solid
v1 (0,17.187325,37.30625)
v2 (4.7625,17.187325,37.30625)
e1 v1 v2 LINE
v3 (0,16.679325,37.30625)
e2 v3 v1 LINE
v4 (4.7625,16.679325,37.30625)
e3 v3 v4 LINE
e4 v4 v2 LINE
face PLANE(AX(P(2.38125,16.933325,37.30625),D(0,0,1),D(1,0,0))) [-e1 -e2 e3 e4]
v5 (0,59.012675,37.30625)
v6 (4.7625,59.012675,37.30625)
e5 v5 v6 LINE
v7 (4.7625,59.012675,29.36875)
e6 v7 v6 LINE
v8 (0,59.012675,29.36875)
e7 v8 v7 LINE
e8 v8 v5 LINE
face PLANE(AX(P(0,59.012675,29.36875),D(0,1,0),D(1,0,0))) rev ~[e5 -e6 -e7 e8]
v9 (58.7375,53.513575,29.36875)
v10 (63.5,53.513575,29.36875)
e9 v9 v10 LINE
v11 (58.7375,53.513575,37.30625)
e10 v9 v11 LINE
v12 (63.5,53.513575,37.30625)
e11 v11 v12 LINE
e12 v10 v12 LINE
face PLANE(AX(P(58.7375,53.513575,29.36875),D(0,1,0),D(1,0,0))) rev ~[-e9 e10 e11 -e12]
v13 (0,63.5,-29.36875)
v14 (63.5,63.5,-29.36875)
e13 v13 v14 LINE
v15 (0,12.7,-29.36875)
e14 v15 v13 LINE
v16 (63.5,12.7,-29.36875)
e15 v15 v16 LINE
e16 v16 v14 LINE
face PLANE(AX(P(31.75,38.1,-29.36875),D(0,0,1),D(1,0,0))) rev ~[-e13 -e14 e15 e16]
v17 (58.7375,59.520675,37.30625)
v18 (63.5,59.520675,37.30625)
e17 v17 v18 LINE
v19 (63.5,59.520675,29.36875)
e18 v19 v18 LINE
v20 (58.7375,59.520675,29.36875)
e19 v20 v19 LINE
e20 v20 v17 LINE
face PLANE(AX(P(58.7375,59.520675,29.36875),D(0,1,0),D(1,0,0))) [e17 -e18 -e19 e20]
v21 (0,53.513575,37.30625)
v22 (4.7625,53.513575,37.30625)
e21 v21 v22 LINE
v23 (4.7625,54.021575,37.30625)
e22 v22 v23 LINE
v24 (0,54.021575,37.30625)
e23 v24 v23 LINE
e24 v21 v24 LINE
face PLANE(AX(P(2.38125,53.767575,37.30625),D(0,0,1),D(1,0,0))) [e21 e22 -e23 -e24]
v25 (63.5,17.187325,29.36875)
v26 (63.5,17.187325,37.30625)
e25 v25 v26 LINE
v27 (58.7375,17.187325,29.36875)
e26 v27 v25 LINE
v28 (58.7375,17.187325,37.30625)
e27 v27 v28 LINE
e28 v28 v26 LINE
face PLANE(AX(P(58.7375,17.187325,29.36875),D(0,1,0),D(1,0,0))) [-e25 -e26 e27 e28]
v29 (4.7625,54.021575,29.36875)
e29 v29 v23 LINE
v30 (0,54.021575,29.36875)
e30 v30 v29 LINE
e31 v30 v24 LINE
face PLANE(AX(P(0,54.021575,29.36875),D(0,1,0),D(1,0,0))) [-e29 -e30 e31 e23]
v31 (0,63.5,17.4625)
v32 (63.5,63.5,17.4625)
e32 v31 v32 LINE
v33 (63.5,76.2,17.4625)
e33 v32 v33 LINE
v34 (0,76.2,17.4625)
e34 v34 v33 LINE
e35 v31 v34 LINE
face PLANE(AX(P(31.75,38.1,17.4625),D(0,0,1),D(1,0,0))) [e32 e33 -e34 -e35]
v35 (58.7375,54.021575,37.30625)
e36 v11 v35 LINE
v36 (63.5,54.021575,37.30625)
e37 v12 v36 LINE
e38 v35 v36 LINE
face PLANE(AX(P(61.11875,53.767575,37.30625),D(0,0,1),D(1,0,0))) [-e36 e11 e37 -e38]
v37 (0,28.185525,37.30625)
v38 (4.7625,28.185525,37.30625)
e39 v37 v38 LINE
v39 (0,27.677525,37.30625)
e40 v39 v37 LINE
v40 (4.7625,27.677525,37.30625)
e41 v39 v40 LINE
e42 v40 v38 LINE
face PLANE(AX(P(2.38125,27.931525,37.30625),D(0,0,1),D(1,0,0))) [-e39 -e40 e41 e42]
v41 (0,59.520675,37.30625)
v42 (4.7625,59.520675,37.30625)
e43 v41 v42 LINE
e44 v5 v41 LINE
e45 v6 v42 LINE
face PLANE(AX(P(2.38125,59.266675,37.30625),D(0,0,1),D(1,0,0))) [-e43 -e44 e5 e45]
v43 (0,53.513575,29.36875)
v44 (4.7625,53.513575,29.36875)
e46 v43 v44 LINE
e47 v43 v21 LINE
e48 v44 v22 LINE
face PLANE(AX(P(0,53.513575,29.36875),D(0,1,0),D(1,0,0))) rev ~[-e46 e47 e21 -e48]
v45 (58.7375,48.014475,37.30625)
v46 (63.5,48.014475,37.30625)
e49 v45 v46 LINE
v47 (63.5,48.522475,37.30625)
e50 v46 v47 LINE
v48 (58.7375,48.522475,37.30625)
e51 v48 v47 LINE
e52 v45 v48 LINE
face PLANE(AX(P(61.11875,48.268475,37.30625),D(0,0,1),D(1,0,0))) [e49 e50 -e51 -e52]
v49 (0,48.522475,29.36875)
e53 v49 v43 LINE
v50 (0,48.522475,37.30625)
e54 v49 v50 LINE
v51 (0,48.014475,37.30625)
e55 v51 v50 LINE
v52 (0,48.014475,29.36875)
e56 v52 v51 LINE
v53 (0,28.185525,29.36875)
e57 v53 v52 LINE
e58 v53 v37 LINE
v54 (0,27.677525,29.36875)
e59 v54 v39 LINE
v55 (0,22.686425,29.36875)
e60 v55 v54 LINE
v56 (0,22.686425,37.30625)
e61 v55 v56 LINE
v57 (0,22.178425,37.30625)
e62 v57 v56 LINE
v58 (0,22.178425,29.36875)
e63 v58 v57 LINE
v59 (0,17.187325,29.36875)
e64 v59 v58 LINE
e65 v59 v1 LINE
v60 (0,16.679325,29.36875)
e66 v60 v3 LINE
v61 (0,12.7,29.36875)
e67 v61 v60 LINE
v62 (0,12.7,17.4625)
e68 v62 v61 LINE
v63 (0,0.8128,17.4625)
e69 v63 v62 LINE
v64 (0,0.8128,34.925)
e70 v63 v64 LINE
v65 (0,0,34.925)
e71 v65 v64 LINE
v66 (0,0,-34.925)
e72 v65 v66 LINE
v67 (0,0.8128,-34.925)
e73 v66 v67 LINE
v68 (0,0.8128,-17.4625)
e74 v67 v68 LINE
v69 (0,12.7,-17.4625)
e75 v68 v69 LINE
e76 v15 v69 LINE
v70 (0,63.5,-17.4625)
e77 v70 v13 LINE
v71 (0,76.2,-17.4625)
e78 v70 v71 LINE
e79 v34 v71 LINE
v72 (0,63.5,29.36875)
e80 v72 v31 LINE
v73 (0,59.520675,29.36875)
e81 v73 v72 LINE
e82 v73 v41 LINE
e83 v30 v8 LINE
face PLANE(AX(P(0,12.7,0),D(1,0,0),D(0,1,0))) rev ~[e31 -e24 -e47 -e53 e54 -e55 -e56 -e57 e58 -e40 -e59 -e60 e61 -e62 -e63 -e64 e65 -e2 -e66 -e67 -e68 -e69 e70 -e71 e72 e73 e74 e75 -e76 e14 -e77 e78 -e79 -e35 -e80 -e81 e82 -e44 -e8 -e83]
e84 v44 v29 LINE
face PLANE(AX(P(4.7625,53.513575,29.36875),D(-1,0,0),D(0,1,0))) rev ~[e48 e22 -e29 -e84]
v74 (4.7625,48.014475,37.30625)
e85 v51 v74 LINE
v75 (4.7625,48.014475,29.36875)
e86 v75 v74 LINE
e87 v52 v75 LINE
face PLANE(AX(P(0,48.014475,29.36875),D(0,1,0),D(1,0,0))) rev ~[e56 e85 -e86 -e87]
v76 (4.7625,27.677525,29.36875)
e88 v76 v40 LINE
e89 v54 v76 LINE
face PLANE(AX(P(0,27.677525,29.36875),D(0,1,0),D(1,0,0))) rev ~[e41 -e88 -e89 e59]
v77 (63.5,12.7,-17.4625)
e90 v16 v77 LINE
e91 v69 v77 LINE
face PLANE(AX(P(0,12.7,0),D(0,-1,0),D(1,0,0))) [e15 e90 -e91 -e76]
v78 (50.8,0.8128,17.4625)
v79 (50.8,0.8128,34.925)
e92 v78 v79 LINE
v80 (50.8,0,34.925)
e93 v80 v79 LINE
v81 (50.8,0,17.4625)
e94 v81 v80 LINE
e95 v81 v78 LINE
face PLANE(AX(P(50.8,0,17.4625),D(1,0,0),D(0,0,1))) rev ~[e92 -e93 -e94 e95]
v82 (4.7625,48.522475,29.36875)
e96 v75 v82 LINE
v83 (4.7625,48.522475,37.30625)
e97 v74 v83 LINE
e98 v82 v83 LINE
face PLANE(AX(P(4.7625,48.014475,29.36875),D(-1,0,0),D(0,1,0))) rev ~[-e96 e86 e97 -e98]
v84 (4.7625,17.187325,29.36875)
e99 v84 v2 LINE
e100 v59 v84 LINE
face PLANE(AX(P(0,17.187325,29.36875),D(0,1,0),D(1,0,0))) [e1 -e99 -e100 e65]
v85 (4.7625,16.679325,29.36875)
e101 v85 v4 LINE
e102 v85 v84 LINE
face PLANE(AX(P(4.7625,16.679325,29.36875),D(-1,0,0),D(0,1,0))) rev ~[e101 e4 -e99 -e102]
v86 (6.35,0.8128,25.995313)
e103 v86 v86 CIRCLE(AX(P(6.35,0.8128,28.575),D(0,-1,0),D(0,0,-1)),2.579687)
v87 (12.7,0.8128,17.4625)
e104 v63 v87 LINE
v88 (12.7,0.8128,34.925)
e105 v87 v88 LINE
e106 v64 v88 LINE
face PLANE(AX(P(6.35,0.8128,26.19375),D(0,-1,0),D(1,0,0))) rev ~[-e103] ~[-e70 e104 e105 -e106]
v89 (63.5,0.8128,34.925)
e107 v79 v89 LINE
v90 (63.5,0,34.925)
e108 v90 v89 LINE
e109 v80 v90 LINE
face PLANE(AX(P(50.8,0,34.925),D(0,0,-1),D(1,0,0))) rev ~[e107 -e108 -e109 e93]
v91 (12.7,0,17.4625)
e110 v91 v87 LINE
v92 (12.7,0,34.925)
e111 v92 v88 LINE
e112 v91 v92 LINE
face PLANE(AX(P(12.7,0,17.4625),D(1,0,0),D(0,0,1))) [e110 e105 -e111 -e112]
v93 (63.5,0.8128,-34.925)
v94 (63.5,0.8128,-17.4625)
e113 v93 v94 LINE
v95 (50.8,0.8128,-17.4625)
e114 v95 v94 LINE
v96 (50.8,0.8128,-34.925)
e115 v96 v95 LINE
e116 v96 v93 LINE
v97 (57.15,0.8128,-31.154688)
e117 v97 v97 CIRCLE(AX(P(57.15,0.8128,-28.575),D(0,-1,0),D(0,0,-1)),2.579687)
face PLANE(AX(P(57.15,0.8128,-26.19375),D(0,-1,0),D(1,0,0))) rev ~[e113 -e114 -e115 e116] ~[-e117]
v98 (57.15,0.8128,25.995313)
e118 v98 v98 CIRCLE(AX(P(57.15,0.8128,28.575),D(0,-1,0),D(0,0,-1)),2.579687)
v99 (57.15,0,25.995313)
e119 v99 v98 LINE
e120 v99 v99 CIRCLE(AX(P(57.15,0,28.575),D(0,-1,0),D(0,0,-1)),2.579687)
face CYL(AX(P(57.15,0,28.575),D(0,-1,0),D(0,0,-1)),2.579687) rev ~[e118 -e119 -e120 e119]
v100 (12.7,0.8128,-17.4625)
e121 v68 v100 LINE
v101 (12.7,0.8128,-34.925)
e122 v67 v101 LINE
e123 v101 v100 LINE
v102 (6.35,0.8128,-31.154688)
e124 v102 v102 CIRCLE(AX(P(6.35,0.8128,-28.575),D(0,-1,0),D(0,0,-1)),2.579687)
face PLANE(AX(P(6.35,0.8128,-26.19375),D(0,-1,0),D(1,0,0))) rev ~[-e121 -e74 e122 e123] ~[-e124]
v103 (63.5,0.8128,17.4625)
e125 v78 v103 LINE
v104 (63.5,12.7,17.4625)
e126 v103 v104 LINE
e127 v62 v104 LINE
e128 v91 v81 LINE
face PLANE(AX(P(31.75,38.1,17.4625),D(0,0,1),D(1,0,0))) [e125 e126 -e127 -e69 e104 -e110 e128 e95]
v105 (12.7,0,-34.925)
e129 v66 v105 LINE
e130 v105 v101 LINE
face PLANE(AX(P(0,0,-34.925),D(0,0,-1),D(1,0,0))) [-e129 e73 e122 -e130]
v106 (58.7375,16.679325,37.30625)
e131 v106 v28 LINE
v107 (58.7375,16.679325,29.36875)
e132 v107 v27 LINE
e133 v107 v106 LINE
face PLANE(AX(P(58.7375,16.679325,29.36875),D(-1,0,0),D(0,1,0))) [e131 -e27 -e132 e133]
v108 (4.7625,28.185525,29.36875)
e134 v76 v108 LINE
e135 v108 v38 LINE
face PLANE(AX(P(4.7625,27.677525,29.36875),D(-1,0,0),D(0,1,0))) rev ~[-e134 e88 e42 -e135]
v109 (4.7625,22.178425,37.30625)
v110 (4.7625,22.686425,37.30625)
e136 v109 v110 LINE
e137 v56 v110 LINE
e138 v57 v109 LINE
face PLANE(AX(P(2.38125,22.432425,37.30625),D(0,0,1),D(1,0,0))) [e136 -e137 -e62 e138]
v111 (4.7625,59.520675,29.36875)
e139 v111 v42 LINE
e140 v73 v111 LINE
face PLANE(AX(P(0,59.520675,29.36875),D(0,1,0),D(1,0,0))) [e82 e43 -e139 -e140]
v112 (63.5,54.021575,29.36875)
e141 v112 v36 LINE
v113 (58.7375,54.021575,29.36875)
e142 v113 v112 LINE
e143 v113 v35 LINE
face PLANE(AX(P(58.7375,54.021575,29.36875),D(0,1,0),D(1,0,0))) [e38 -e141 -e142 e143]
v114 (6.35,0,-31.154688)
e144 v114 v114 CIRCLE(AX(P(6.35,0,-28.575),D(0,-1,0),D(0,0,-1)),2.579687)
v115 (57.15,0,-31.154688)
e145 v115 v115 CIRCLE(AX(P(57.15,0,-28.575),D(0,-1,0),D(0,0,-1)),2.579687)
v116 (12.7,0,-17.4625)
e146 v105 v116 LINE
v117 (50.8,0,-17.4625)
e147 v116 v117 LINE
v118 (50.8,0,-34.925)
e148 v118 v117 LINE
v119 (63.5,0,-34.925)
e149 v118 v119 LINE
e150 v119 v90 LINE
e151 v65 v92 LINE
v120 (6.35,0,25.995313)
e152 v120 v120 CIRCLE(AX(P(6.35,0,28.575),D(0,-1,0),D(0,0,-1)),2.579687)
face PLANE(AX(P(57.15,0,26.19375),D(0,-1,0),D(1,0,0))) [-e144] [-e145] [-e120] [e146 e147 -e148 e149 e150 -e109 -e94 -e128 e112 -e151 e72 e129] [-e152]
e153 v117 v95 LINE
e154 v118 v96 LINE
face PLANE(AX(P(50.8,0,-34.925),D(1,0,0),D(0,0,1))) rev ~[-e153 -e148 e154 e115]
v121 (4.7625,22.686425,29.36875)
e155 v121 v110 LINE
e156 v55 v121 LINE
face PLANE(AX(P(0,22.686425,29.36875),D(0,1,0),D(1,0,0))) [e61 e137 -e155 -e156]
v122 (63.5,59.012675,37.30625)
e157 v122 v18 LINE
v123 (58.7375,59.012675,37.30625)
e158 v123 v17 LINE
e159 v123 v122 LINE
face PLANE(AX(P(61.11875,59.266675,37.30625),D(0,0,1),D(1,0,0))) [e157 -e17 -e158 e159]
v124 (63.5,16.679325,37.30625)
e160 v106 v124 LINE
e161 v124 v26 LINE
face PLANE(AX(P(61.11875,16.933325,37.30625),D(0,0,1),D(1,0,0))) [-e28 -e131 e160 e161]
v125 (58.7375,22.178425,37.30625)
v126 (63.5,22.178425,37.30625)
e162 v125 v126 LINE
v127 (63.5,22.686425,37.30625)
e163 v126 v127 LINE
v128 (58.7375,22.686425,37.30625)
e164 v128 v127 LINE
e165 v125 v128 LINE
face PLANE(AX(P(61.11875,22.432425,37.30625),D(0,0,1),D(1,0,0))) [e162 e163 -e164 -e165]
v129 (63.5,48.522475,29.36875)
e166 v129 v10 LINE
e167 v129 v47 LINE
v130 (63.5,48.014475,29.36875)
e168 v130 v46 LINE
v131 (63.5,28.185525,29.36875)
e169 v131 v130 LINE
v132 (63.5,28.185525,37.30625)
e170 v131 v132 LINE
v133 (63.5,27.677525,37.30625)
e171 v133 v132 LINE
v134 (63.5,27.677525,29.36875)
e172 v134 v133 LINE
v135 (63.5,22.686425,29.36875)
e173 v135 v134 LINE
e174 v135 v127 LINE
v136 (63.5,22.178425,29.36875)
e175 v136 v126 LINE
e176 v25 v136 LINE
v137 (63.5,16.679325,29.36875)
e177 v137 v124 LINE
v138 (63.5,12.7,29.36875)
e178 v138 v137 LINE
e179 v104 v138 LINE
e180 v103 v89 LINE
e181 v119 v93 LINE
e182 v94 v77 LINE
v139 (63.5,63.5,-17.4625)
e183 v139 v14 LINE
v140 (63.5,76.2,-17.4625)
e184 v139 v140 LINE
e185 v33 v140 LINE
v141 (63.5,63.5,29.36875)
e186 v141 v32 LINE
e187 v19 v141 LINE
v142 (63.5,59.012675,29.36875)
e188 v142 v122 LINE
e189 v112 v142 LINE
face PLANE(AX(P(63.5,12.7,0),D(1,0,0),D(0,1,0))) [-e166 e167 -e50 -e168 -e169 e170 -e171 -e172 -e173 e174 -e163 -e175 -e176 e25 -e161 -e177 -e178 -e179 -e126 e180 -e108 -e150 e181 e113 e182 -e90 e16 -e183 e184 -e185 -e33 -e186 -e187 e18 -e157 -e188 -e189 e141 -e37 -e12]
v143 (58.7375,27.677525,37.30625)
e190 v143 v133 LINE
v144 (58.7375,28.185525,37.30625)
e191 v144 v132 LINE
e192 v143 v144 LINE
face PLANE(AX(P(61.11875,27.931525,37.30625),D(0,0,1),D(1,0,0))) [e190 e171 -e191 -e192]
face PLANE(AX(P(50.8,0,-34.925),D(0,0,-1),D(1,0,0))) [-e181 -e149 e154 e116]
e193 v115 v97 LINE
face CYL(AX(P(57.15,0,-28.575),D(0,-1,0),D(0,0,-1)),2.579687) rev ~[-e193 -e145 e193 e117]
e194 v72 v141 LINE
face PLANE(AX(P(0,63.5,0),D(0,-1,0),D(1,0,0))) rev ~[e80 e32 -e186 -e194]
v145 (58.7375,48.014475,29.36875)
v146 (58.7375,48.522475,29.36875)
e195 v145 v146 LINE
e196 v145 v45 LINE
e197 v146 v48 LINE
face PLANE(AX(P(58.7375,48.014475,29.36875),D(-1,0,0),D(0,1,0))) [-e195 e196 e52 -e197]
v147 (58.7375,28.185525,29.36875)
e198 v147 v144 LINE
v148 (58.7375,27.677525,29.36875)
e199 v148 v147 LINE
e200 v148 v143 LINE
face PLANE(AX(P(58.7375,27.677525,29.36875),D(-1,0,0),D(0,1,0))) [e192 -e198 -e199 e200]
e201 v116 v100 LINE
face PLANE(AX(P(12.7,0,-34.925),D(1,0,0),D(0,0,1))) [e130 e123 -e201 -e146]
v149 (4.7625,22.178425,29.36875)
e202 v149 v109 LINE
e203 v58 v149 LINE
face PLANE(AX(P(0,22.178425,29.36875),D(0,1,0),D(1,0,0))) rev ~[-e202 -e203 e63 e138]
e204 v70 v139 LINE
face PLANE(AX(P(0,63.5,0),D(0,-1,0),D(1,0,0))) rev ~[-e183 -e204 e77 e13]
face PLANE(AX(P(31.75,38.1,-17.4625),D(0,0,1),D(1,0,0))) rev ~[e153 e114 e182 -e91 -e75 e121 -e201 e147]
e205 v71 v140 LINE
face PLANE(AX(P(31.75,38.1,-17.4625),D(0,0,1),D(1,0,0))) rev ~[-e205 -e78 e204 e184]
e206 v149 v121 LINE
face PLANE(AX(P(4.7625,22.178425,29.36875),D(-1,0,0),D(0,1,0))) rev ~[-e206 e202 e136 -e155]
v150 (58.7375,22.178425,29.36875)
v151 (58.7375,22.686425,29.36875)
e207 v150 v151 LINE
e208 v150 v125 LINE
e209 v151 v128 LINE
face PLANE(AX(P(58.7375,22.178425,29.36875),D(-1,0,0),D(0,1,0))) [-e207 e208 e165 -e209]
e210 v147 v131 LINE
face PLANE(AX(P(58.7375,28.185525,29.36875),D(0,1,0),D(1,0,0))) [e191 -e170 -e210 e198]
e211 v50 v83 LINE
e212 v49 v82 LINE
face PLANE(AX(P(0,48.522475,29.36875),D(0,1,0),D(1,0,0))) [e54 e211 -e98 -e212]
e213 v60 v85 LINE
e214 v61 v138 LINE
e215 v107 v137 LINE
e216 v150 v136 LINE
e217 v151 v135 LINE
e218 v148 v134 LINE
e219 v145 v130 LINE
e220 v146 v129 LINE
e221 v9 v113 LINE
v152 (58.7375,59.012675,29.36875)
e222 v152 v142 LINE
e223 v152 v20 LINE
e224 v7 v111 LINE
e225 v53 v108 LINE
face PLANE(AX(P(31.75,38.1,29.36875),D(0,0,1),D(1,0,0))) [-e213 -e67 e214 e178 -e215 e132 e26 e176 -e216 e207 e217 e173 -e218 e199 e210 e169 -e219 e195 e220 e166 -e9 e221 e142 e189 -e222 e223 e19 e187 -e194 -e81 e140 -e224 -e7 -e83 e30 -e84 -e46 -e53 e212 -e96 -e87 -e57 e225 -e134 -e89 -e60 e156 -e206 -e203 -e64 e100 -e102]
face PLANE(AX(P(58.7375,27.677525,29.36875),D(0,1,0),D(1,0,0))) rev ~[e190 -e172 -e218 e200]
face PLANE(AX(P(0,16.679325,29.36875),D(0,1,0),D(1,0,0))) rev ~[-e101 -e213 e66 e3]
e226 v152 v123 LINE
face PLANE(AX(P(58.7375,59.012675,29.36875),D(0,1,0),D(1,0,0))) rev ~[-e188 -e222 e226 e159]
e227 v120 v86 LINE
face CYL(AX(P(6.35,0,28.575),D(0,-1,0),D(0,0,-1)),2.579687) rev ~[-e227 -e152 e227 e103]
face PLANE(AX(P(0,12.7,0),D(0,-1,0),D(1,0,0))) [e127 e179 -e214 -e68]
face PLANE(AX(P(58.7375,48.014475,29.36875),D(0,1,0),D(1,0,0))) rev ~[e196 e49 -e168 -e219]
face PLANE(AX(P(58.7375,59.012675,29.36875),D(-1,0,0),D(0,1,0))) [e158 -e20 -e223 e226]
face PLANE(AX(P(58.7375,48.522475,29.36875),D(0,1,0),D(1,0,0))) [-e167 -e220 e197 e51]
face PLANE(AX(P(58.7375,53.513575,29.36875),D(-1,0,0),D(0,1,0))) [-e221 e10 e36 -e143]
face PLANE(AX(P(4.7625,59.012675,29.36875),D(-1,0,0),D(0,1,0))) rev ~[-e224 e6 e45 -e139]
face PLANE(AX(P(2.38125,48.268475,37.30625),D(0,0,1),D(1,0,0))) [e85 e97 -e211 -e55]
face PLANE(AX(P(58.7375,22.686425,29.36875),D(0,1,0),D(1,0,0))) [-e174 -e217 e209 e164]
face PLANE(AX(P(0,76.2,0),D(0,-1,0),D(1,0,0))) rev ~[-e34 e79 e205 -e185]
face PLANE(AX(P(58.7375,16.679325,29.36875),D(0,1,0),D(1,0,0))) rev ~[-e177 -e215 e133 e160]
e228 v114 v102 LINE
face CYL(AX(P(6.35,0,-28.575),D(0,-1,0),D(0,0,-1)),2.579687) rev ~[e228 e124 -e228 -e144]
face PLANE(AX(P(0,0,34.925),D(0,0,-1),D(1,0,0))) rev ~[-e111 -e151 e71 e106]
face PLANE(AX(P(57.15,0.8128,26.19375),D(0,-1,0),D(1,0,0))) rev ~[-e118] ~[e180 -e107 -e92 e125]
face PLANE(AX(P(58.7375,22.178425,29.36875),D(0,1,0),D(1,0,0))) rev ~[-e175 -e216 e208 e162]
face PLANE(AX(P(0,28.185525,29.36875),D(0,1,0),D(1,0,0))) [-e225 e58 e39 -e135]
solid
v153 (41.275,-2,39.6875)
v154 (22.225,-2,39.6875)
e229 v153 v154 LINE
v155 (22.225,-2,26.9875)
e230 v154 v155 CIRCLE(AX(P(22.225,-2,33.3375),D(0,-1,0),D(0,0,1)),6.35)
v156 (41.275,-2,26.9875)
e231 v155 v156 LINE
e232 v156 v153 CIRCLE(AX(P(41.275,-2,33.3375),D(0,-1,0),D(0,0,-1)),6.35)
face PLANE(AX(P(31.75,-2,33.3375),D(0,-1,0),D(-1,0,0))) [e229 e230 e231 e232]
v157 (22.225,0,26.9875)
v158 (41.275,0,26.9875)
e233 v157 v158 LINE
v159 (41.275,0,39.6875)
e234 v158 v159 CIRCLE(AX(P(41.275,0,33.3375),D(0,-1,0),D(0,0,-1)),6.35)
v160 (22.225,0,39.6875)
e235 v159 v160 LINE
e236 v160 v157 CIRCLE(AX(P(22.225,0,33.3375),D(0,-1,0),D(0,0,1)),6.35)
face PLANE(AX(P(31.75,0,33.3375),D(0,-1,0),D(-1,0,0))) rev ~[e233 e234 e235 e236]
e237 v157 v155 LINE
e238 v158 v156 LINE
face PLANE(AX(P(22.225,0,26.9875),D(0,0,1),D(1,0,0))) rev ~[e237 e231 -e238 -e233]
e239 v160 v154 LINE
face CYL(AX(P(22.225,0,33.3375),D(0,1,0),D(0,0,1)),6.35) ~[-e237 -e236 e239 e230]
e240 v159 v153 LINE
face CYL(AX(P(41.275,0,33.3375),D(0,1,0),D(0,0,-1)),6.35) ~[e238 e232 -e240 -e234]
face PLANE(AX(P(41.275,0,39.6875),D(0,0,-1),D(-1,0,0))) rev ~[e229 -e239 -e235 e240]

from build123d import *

# Parameters (mm, degrees)
SKETCH1_W           = 63.5
SKETCH1_H           = 76.2
BOSS_EXTRUDE1_DEPTH = 17.4625
SKETCH2_W           = 63.5
SKETCH2_H           = 50.8
BOSS_EXTRUDE2_DEPTH = 29.36875
SKETCH3_W           = 12.7
SKETCH3_H           = 17.4625
SKETCH3_R           = 2.5796875
BOSS_EXTRUDE3_DEPTH = 0.8128
SKETCH4_W           = 4.7625
SKETCH4_H           = 0.508
BOSS_EXTRUDE4_DEPTH = 7.9375
BOSS_EXTRUDE5_DEPTH = 2


with BuildPart() as part:
    # Sketch1 → Boss-Extrude1 (new, symmetric)
    with BuildSketch(Plane.XY):
        with Locations((31.75, 38.1)):
            Rectangle(SKETCH1_W, SKETCH1_H)
    extrude(amount=BOSS_EXTRUDE1_DEPTH, both=True)

    # Sketch2 → Boss-Extrude2 (add, symmetric)
    with BuildSketch(Plane.XY):
        with Locations((31.75, 38.1)):
            Rectangle(SKETCH2_W, SKETCH2_H)
    extrude(amount=BOSS_EXTRUDE2_DEPTH, both=True)

    # Sketch3 → Boss-Extrude3 (add)
    # profile 1 of 4: a face of its own
    with BuildSketch(Plane.XZ):
        with Locations((57.15, 26.19375)):
            Rectangle(SKETCH3_W, SKETCH3_H)
        with Locations(Location((57.15, 28.575, 0), (0, 0, 270))):
            Circle(SKETCH3_R, mode=Mode.SUBTRACT)
    # profile 2 of 4: a face of its own
    with BuildSketch(Plane.XZ):
        with Locations((57.15, -26.19375)):
            Rectangle(SKETCH3_W, SKETCH3_H)
        with Locations(Location((57.15, -28.575, 0), (0, 0, 270))):
            Circle(SKETCH3_R, mode=Mode.SUBTRACT)
    # profile 3 of 4: a face of its own
    with BuildSketch(Plane.XZ):
        with Locations((6.35, -26.19375)):
            Rectangle(SKETCH3_W, SKETCH3_H)
        with Locations(Location((6.35, -28.575, 0), (0, 0, 270))):
            Circle(SKETCH3_R, mode=Mode.SUBTRACT)
    # profile 4 of 4: a face of its own
    with BuildSketch(Plane.XZ):
        with Locations((6.35, 26.19375)):
            Rectangle(SKETCH3_W, SKETCH3_H)
        with Locations(Location((6.35, 28.575, 0), (0, 0, 270))):
            Circle(SKETCH3_R, mode=Mode.SUBTRACT)
    extrude(amount=-BOSS_EXTRUDE3_DEPTH)

    # Sketch4 → Boss-Extrude4 (add)
    with BuildSketch(Plane.XY.offset(29.36875)):
        with Locations((2.38125, 59.266675133)):
            Rectangle(SKETCH4_W, SKETCH4_H)
        with Locations((2.38125, 53.767575133)):
            Rectangle(SKETCH4_W, SKETCH4_H)
        with Locations((2.38125, 48.268475133)):
            Rectangle(SKETCH4_W, SKETCH4_H)
        with Locations((61.11875, 48.268475133)):
            Rectangle(SKETCH4_W, SKETCH4_H)
        with Locations((61.11875, 53.767575133)):
            Rectangle(SKETCH4_W, SKETCH4_H)
        with Locations((61.11875, 59.266675133)):
            Rectangle(SKETCH4_W, SKETCH4_H)
        with Locations((61.11875, 16.933324867)):
            Rectangle(SKETCH4_W, SKETCH4_H)
        with Locations((61.11875, 22.432424867)):
            Rectangle(SKETCH4_W, SKETCH4_H)
        with Locations((61.11875, 27.931524867)):
            Rectangle(SKETCH4_W, SKETCH4_H)
        with Locations((2.38125, 27.931524867)):
            Rectangle(SKETCH4_W, SKETCH4_H)
        with Locations((2.38125, 22.432424867)):
            Rectangle(SKETCH4_W, SKETCH4_H)
        with Locations((2.38125, 16.933324867)):
            Rectangle(SKETCH4_W, SKETCH4_H)
    extrude(amount=BOSS_EXTRUDE4_DEPTH)


with BuildPart() as body_2:
    # Sketch5 → Boss-Extrude5 (new body)
    with BuildSketch(Plane(origin=(0, 0, 0), x_dir=(-1, 0, 0), z_dir=(0, -1, 0))):
        with BuildLine():
            Line((-41.275, -39.6875), (-22.225, -39.6875))
            ThreePointArc((-22.225, -39.6875), (-15.875, -33.3375), (-22.225, -26.9875))
            Line((-22.225, -26.9875), (-41.275, -26.9875))
            ThreePointArc((-41.275, -26.9875), (-47.625, -33.3375), (-41.275, -39.6875))
        make_face()
    extrude(amount=BOSS_EXTRUDE5_DEPTH)


solid = Compound([part.part, body_2.part])
